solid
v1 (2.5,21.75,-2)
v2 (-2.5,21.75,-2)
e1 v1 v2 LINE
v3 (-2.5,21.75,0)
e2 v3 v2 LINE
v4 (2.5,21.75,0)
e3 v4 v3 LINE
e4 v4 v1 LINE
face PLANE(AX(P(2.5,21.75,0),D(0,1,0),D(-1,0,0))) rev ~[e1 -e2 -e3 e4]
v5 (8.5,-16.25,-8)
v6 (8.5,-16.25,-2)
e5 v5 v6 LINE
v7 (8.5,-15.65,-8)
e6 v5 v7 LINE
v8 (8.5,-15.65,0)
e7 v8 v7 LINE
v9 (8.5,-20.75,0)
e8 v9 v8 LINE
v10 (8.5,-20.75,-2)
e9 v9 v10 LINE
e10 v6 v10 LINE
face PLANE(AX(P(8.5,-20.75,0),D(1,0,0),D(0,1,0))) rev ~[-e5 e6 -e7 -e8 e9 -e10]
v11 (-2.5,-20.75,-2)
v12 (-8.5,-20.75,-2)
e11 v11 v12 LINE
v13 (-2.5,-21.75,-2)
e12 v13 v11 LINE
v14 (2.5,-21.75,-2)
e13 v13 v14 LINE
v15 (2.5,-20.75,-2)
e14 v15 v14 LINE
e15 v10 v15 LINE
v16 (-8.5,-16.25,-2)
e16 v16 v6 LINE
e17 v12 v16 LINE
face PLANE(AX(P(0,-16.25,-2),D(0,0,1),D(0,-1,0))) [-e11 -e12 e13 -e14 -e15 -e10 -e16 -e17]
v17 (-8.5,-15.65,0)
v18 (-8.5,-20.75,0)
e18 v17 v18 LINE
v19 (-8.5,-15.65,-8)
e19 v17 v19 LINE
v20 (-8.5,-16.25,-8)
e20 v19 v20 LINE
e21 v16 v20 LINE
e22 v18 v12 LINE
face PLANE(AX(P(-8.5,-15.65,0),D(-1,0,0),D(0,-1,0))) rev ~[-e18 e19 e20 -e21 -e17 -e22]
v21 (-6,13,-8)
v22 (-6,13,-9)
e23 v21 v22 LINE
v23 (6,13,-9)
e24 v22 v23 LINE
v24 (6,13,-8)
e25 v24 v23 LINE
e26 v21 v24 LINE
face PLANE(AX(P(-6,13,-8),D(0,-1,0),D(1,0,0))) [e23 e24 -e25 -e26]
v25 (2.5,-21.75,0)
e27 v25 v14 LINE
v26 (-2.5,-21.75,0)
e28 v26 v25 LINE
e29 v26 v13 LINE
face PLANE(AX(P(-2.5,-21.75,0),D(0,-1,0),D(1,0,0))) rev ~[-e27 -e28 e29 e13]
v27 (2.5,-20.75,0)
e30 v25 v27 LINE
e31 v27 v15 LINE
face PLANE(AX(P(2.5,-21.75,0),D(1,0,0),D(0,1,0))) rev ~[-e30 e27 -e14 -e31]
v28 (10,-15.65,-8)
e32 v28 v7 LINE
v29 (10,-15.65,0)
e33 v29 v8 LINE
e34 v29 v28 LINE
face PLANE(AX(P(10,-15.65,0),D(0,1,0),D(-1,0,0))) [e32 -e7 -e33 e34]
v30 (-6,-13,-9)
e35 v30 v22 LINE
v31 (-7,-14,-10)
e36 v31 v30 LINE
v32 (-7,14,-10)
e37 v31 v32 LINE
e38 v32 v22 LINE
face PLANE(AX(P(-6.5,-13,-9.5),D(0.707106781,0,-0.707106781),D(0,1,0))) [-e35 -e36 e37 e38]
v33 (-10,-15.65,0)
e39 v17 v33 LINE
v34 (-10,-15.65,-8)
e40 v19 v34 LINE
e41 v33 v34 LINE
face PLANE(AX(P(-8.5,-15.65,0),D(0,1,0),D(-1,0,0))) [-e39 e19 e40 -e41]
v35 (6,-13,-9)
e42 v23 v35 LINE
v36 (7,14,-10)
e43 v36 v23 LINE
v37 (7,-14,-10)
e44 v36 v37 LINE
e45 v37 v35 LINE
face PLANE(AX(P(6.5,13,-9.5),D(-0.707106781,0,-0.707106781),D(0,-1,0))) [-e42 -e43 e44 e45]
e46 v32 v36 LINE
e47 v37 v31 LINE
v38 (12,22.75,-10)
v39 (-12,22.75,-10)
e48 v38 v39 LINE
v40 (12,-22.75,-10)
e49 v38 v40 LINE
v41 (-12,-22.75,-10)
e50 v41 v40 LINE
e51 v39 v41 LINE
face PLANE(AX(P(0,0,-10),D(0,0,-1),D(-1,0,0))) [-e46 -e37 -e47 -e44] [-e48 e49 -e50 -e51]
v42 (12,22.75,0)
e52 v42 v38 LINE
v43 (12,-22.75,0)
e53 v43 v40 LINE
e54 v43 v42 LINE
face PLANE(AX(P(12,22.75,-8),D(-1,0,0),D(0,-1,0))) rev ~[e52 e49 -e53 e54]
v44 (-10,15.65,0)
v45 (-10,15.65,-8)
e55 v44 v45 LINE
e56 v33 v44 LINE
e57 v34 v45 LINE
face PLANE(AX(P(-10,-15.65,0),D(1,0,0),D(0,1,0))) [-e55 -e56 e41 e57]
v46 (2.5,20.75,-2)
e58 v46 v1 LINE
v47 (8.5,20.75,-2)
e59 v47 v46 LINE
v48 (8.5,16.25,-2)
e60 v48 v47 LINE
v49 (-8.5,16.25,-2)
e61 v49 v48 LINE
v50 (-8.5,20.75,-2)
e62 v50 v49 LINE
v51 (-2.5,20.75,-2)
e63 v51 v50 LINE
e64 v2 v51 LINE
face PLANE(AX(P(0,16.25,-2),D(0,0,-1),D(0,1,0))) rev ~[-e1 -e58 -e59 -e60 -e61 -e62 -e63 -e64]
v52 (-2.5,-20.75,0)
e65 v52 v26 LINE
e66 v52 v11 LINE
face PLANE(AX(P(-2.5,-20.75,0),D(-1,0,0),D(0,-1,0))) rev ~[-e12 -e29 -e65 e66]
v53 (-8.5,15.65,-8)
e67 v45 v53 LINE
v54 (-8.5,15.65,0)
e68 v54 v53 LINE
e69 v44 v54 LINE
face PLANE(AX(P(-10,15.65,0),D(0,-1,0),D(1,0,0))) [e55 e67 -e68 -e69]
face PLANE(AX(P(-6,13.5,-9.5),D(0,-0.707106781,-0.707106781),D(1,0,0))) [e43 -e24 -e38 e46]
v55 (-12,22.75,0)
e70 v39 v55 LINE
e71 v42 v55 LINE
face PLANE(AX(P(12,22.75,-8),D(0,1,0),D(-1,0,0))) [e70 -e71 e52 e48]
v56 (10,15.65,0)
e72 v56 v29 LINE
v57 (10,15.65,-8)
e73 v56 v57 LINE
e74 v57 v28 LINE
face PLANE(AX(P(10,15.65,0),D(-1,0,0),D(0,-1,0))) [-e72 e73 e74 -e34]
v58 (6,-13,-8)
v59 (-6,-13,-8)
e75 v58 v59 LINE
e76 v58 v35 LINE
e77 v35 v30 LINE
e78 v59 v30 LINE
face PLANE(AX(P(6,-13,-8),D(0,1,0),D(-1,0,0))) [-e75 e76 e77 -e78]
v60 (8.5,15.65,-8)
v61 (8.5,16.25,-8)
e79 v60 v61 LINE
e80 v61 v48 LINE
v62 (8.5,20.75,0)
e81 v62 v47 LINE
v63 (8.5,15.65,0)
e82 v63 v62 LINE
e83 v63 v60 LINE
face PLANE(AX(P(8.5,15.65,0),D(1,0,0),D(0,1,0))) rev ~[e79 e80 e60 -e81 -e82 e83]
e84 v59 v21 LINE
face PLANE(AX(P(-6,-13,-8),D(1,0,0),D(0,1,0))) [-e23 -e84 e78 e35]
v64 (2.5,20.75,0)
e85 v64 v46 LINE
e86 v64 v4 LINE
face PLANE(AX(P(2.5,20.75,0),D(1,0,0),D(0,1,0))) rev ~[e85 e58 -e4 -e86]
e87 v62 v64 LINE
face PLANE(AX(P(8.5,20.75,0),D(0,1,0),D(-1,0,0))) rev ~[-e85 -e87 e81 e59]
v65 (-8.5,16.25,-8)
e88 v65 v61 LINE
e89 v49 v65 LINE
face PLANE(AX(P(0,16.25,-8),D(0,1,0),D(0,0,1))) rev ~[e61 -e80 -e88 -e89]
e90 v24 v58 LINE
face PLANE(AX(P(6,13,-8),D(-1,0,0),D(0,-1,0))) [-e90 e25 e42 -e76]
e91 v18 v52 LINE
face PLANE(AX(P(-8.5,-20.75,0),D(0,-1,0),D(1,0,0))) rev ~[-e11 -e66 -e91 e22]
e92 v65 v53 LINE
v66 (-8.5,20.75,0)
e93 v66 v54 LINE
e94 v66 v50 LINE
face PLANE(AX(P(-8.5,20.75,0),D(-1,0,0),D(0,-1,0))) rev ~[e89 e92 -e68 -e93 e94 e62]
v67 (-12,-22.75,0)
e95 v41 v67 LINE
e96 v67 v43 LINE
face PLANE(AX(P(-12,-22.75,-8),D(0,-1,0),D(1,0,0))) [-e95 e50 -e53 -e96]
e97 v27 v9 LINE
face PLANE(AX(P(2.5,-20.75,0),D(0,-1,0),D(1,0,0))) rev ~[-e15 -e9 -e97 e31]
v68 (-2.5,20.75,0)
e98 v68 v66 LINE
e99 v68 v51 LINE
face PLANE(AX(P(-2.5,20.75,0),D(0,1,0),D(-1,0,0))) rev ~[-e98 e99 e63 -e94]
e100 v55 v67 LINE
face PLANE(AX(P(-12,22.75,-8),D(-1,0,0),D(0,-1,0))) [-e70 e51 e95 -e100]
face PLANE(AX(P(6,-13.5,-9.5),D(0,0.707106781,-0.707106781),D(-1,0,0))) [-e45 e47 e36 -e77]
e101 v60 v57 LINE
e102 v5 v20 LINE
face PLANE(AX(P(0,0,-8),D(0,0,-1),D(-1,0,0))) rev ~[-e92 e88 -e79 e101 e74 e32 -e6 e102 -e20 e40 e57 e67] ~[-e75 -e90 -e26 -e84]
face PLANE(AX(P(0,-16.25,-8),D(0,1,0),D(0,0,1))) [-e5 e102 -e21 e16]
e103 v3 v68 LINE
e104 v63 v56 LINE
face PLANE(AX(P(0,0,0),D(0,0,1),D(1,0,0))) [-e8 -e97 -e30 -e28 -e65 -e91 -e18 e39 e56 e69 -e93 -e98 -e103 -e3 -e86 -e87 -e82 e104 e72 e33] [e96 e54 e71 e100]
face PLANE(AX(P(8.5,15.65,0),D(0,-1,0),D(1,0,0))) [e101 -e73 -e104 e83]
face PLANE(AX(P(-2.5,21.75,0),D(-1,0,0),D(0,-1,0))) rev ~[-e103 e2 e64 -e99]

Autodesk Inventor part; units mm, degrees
ref_plane "YZ Plane" through (0, 0, 0) normal (1, 0, 0) x (0, 1, 0)
ref_plane "XZ Plane" through (0, 0, 0) normal (0, 1, 0) x (-1, 0, 0)
ref_plane "XY Plane" through (0, 0, 0) normal (0, 0, 1) x (1, 0, 0)
sketch "Sketch1" plane through (0, 0, 0) normal (0, 0, 1) x (1, 0, 0)
  line L0 (-10, -15.65) -> (-10, 15.65) projected
  line L1 (-10, 15.65) -> (10, 15.65) projected
  line L2 (10, 15.65) -> (10, -15.65) projected
  line L3 (10, -15.65) -> (-10, -15.65) projected
  line L4 (1.5877, -12.1184) -> (1.5877, -10.9726) projected
  line L5 (5.119, -12.1184) -> (1.5877, -12.1184) projected
  line L6 (5.119, 11.1491) -> (5.119, -12.1184) projected
  line L7 (2.2936, 11.1491) -> (5.119, 11.1491) projected
  line L8 (2.2936, 12.739) -> (2.2936, 11.1491) projected
  line L9 (-2.2936, 12.739) -> (2.2936, 12.739) projected
  line L10 (-2.2936, 11.1491) -> (-2.2936, 12.739) projected
  line L11 (-5.119, 11.1491) -> (-2.2936, 11.1491) projected
  line L12 (-5.119, -12.1184) -> (-5.119, 11.1491) projected
  line L13 (-1.5877, -12.1184) -> (-5.119, -12.1184) projected
  line L14 (-1.5877, -10.9726) -> (-1.5877, -12.1184) projected
  line L15 (-4.1285, -10.9726) -> (-1.5877, -10.9726) projected
  line L16 (-4.1285, 10.0169) -> (-4.1285, -10.9726) projected
  line L17 (4.1285, 10.0169) -> (-4.1285, 10.0169) projected
  line L18 (4.1285, -10.9726) -> (4.1285, 10.0169) projected
  line L19 (1.5877, -10.9726) -> (4.1285, -10.9726) projected
  line L20 (2.9107, -1.4409) -> (2.9107, -4.3502) projected
  line L21 (-2.9107, -1.4409) -> (2.9107, -1.4409) projected
  line L22 (-2.9107, -4.3502) -> (-2.9107, -1.4409) projected
  line L23 (2.9107, -4.3502) -> (-2.9107, -4.3502) projected
  line L24 (2.9107, 7.9067) -> (2.9107, 4.9905) projected
  line L25 (-2.9107, 7.9067) -> (2.9107, 7.9067) projected
  line L26 (-2.9107, 4.9905) -> (-2.9107, 7.9067) projected
  line L27 (2.9107, 4.9905) -> (-2.9107, 4.9905) projected
  line L28 (2.9107, 3.2342) -> (2.9107, 0.4013) projected
  line L29 (-2.9107, 3.2342) -> (2.9107, 3.2342) projected
  line L30 (-2.9107, 0.4013) -> (-2.9107, 3.2342) projected
  line L31 (2.9107, 0.4013) -> (-2.9107, 0.4013) projected
  line L32 (2.9107, -6.1253) -> (2.9107, -8.9213) projected
  line L33 (-2.9107, -6.1253) -> (2.9107, -6.1253) projected
  line L34 (-2.9107, -8.9213) -> (-2.9107, -6.1253) projected
  line L35 (2.9107, -8.9213) -> (-2.9107, -8.9213) projected
  line L36 (-2.5, 20.75) -> (-8.5, 20.75) projected
  line L37 (-2.5, 21.75) -> (-2.5, 20.75) projected
  line L38 (2.5, 21.75) -> (-2.5, 21.75) projected
  line L39 (2.5, 20.75) -> (2.5, 21.75) projected
  line L40 (8.5, 20.75) -> (2.5, 20.75) projected
  line L41 (8.5, 15.65) -> (8.5, 20.75) projected
  line L42 (-8.5, 15.65) -> (8.5, 15.65) projected
  line L43 (-8.5, 20.75) -> (-8.5, 15.65) projected
  circle A0 centre (0, 18) radius 1.2 projected
  line L44 (-8.5, -15.65) -> (-8.5, -20.75) projected
  line L45 (8.5, -15.65) -> (-8.5, -15.65) projected
  line L46 (8.5, -20.75) -> (8.5, -15.65) projected
  line L47 (2.5, -20.75) -> (8.5, -20.75) projected
  line L48 (2.5, -21.75) -> (2.5, -20.75) projected
  line L49 (-2.5, -21.75) -> (2.5, -21.75) projected
  line L50 (-2.5, -20.75) -> (-2.5, -21.75) projected
  line L51 (-8.5, -20.75) -> (-2.5, -20.75) projected
  circle A1 centre (0, -18) radius 1.2 projected
  line L52 (12, 22.75) -> (-12, 22.75)
  line L53 (-12, 22.75) -> (-12, -22.75)
  line L54 (-12, -22.75) -> (12, -22.75)
  line L55 (12, -22.75) -> (12, 22.75)
  point P0 (0, 0)
  dimension "d0" = 2
  dimension "d1" = 2
  dimension "d2" = 2
  dimension "d3" = 2
extrude "Extrusion1" add sketch "Sketch1" against normal blind 8 contours L55 L54 L53 L52
ref_plane "Work Plane1" through (0, -22.75, 0) normal (-1, 0, 0) x (0, 0, 1)
sketch "Sketch2" plane through (0, -22.75, 0) normal (-1, 0, 0) x (0, 0, 1)
  line L0 (0, 44.5) -> (-8, 44.5) projected
  line L1 (-8, 0) -> (-8, 45.5) projected
  line L2 (-2, 44.5) -> (-8, 44.5)
  line L3 (-8, 44.5) -> (-8, 39)
  line L4 (-8, 39) -> (-2, 39)
  line L5 (-2, 39) -> (-2, 44.5)
  line L6 (-8, 38.4) -> (-8, 7.1) projected
  line L7 (-8, 22.75) -> (6.4462, 22.75)
  line L8 (0, 1) -> (-8, 1)
  line L9 (-2, 1) -> (-8, 1)
  line L10 (-8, 1) -> (-8, 6.5)
  line L11 (-8, 6.5) -> (-2, 6.5)
  line L12 (-2, 6.5) -> (-2, 1)
  point P0 (0, 22.75)
extrude "Extrusion2" add sketch "Sketch2" along normal mid plane 24
sketch "Sketch3" plane through (0, 0, -8) normal (0, 0, -1) x (-1, 0, 0)
  line L0 (-12, 22.75) -> (-12, -22.75) projected
  line L1 (-12, 22.75) -> (12, 22.75)
  line L2 (12, 22.75) -> (12, -22.75)
  line L3 (12, -22.75) -> (-12, -22.75)
  line L4 (-12, -22.75) -> (-12, 22.75)
  line L5 (-6, -13) -> (6, -13)
  line L6 (6, -13) -> (6, 13)
  line L7 (6, 13) -> (-6, 13)
  line L8 (-6, 13) -> (-6, -13)
  point P0 (0, 0)
extrude "Extrusion3" add sketch "Sketch3" along normal blind 2
chamfer "Chamfer1" distance 1 angle 45 4 edges at (0, 13, -10) (-6, 0, -10) (6, 0, -10) (0, -13, -10) measured on face at (-10, 4.3333, -10)
equation "\"d1\" = d0"
equation "\"d2\" = d1"
equation "\"d3\" = d1"
properties part number "battery indicator case"
